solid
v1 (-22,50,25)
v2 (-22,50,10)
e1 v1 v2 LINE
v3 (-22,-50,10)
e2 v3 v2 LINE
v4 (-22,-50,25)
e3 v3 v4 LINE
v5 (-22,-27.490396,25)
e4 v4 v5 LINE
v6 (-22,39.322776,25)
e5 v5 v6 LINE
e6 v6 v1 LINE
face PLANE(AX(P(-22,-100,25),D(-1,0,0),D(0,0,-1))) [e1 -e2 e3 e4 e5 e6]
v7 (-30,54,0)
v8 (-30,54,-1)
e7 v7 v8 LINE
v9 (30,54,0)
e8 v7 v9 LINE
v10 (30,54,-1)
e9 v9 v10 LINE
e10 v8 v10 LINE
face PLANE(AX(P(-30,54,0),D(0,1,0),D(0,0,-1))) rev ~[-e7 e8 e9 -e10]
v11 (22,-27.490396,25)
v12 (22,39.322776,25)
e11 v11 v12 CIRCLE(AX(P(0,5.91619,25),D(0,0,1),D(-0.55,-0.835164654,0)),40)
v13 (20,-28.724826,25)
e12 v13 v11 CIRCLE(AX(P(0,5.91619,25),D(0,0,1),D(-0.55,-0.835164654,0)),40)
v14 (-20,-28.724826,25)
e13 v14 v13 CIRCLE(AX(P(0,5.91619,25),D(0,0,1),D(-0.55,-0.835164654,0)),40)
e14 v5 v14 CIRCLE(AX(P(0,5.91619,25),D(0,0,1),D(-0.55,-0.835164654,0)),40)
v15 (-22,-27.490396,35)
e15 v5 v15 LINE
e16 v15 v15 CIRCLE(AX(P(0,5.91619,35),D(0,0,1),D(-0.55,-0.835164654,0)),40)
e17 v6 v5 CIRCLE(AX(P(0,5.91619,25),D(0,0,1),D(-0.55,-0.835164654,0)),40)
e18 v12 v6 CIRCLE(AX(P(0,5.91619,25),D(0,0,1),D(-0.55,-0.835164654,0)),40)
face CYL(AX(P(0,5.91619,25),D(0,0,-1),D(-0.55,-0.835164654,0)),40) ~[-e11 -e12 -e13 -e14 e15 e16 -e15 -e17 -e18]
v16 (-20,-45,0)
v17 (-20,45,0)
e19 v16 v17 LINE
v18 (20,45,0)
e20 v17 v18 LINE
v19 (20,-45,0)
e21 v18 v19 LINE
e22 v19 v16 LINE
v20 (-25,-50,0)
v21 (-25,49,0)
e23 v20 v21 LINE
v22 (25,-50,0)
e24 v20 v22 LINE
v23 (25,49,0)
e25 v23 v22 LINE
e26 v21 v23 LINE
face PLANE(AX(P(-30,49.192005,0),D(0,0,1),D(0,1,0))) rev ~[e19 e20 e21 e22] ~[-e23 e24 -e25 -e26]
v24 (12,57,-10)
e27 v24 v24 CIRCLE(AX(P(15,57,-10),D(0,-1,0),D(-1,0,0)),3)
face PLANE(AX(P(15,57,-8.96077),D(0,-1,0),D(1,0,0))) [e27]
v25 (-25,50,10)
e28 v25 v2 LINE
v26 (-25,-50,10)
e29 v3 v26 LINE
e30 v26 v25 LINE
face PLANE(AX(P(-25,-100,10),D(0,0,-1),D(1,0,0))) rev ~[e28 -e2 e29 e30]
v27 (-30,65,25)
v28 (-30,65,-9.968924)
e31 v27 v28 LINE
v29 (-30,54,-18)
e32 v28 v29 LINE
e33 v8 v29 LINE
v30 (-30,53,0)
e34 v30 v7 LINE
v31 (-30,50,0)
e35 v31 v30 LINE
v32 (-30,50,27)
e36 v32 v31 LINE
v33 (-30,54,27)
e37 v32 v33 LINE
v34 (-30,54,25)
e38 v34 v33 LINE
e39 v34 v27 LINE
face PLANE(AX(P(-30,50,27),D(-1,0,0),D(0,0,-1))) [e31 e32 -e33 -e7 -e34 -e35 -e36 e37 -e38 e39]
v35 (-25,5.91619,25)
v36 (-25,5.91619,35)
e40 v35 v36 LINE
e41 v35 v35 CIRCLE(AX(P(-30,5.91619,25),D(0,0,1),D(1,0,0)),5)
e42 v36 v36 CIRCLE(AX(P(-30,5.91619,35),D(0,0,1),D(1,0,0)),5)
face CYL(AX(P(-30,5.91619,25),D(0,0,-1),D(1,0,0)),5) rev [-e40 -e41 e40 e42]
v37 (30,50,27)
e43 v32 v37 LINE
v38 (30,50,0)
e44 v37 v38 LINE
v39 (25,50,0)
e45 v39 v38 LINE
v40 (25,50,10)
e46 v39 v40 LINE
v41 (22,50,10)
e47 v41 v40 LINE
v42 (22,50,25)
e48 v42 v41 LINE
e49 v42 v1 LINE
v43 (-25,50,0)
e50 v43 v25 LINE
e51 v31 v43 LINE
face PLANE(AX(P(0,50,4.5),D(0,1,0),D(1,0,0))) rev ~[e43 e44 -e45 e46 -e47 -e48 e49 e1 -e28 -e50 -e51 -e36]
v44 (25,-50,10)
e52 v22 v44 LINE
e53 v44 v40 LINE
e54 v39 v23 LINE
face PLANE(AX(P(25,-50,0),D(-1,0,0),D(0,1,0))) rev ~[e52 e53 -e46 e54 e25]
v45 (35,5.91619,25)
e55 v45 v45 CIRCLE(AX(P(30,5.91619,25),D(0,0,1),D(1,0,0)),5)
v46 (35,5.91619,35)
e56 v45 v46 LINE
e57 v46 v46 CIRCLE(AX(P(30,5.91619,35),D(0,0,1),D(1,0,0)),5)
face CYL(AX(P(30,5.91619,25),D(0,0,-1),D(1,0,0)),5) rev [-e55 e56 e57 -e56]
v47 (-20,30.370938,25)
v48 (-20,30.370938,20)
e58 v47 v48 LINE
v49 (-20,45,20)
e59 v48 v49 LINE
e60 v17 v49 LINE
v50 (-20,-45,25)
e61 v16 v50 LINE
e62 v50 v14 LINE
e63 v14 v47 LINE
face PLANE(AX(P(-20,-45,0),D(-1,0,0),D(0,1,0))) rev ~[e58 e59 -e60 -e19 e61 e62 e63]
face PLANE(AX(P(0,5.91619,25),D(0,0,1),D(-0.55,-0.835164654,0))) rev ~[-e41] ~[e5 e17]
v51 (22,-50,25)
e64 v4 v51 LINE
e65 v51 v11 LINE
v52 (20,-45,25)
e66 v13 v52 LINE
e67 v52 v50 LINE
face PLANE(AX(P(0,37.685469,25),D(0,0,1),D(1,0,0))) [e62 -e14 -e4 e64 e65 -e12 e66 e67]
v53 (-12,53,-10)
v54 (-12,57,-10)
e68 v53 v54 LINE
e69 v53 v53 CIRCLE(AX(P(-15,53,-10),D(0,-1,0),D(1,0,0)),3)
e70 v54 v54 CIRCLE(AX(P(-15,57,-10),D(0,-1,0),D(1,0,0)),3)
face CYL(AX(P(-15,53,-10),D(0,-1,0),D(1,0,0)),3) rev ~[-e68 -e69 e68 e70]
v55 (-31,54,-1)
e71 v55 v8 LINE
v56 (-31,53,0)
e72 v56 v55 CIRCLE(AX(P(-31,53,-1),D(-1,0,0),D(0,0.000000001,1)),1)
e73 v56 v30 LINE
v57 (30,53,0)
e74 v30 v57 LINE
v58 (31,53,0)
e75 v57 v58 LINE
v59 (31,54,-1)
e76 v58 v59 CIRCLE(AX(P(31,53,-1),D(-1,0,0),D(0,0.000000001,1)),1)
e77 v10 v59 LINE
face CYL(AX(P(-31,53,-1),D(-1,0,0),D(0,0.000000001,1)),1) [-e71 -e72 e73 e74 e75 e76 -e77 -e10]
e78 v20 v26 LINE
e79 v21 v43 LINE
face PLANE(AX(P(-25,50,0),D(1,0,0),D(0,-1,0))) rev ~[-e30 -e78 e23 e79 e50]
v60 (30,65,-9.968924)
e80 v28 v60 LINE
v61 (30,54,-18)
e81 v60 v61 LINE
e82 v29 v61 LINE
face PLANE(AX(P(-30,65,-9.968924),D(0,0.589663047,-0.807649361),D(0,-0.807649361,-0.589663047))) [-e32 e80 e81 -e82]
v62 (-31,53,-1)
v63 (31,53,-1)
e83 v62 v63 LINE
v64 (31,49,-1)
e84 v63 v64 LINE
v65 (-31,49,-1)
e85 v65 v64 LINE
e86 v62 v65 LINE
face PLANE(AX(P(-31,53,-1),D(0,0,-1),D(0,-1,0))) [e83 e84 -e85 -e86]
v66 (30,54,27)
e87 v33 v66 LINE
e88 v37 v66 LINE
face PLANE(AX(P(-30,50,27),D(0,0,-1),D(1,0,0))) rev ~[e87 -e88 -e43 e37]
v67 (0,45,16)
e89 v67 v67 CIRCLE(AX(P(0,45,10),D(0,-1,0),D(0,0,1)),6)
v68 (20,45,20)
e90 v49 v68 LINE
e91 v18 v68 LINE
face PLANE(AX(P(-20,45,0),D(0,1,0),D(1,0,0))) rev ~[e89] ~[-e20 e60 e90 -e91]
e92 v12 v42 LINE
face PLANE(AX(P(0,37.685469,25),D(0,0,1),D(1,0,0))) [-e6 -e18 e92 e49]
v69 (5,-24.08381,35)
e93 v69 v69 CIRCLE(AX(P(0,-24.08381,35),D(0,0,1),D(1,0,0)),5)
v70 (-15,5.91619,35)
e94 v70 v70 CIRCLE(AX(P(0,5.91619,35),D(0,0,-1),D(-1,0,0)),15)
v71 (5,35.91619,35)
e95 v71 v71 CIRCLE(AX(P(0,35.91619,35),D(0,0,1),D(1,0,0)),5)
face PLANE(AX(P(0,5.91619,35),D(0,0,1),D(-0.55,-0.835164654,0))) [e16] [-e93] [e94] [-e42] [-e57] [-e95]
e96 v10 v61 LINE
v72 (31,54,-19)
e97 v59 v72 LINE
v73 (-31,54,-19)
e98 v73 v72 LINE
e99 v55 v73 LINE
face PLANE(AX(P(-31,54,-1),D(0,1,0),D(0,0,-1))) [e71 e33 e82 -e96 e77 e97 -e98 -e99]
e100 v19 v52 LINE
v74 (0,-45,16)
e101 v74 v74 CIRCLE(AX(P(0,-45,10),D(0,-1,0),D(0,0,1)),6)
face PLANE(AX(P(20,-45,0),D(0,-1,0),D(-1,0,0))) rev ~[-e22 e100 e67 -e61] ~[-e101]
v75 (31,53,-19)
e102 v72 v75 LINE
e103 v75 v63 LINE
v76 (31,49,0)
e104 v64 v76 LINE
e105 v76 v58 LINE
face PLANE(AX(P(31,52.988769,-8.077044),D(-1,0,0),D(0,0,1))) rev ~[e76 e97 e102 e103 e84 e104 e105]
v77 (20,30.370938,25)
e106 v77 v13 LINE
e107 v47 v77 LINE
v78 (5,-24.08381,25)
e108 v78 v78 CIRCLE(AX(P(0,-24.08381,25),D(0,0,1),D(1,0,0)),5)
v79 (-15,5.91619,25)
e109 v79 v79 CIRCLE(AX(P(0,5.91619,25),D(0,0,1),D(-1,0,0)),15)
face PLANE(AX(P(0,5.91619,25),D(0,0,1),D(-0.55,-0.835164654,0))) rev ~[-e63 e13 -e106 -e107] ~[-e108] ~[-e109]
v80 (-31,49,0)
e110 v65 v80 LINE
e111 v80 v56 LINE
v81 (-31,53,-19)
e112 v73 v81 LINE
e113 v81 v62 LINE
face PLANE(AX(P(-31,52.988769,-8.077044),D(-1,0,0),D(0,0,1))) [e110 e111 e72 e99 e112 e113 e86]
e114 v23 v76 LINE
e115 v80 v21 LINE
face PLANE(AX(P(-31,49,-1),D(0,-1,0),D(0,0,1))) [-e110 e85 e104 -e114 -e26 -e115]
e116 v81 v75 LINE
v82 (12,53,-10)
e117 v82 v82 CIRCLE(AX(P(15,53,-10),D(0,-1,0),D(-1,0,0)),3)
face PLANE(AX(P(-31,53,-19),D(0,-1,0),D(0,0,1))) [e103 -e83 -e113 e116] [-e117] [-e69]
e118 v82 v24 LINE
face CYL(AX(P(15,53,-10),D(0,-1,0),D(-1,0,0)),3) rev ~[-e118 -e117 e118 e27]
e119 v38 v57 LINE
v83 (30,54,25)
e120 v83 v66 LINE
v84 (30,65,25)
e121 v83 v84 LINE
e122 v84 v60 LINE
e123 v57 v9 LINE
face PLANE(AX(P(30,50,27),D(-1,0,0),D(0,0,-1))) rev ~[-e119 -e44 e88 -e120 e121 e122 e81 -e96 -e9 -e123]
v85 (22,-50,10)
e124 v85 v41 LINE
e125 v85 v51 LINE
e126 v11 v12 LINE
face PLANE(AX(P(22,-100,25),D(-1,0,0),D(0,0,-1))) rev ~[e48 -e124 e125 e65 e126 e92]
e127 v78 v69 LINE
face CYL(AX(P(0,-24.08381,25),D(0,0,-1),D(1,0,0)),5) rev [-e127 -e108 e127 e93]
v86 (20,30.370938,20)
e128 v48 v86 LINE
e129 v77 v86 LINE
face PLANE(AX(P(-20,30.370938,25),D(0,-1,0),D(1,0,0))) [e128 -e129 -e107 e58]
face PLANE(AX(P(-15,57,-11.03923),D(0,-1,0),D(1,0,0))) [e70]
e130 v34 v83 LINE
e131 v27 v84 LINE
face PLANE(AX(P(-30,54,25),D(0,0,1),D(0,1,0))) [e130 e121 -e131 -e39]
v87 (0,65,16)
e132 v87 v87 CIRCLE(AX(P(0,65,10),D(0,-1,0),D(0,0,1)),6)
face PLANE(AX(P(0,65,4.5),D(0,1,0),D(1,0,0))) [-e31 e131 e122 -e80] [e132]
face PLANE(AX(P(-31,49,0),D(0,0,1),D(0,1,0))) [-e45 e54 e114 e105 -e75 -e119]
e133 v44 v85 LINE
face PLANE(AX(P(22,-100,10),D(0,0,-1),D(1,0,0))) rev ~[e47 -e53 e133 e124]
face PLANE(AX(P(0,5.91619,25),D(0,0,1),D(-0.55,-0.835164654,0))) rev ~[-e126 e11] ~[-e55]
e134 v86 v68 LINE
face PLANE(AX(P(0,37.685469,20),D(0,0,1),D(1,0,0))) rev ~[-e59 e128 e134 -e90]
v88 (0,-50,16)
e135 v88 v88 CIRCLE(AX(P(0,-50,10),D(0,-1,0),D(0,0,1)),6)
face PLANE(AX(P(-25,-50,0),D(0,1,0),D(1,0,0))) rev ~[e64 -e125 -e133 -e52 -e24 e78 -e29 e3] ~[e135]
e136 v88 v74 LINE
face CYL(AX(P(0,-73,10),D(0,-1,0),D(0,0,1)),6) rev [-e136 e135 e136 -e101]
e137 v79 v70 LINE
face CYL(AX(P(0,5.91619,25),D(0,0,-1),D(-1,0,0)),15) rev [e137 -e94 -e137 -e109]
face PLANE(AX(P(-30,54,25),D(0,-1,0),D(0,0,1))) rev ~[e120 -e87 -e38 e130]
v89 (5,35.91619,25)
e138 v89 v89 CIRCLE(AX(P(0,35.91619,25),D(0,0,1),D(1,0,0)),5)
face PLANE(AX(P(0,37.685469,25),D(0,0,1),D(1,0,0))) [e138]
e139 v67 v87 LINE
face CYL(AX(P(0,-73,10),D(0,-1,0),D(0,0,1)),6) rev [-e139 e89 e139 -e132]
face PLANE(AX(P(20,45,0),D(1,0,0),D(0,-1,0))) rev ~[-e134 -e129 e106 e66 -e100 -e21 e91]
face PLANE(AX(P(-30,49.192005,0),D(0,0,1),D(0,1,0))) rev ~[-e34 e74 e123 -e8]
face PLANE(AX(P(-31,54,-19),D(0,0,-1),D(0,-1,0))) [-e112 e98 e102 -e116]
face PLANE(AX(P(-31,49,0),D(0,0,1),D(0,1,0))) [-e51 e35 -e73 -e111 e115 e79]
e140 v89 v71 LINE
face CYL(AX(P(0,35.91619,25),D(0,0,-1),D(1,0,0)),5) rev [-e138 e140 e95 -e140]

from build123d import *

# Parameters (mm, degrees)
SKETCH_1_W               = 50
SKETCH_1_H               = 100
SKETCH_1_W_2             = 40
SKETCH_1_H_2             = 90
EXTRUDE_1_DEPTH          = 25
CUT_EXTRUDE_1_DEPTH      = 100
CUT_EXTRUDE_1_DEPTH_BACK = 100
SKETCH_2_W               = 3
SKETCH_2_H               = 15
EXTRUDE_2_DEPTH          = 15
SKETCH_7_W               = 2
SKETCH_7_H               = 11
CUT_EXTRUDE_2_DEPTH      = 103
CUT_EXTRUDE_3_DEPTH      = 103
CUT_EXTRUDE_4_DEPTH      = 103
EXTRUDE_4_DEPTH          = 62
CUT_EXTRUDE_5_DEPTH      = 30
CUT_EXTRUDE_5_DEPTH_BACK = 123
SKETCH_15_R              = 6
SKETCH_16_R              = 3
CUT_EXTRUDE_6_DEPTH      = 4
SKETCH_18_W              = 40
SKETCH_18_H              = 14.629062191
EXTRUDE_5_DEPTH          = 5
SKETCH_19_R              = 40
SKETCH_19_R_2            = 5
EXTRUDE_7_DEPTH          = 10
SKETCH_19_8_R            = 15
CUT_EXTRUDE_8_DEPTH      = 25


with BuildPart() as part:
    # 草图1 → 凸台-拉伸1 (new body)
    with BuildSketch(Plane.XY):
        Rectangle(SKETCH_1_W, SKETCH_1_H)
        Rectangle(SKETCH_1_W_2, SKETCH_1_H_2, mode=Mode.SUBTRACT)
    extrude(amount=EXTRUDE_1_DEPTH)

    # 草图2 → 切除-拉伸1 (cut, two sides: drawn at the far end of the back side and taken through both)
    with BuildSketch(Plane(origin=(0, 0, 0), x_dir=(1, 0, 0), z_dir=(0, 1, 0)).offset(-CUT_EXTRUDE_1_DEPTH_BACK)):
        with Locations((23.5, -17.5)):
            Rectangle(SKETCH_2_W, SKETCH_2_H)
        with Locations((-23.5, -17.5)):
            Rectangle(SKETCH_2_W, SKETCH_2_H)
    extrude(amount=CUT_EXTRUDE_1_DEPTH + CUT_EXTRUDE_1_DEPTH_BACK, mode=Mode.SUBTRACT)

    # 草图5 → 凸台-拉伸2 (add)
    with BuildSketch(Plane(origin=(0, 50, 0), x_dir=(1, 0, 0), z_dir=(0, 1, 0))):
        Polygon((30, 18), (-20.718865569, 18), (-30, 18), (-30, -27), (30, -27), align=None)
    extrude(amount=EXTRUDE_2_DEPTH)

    # 草图7 → 切除-拉伸2 (cut)
    with BuildSketch(Plane.ZY.offset(30)):
        with Locations((26, 59.5)):
            Rectangle(SKETCH_7_W, SKETCH_7_H)
    extrude(amount=-CUT_EXTRUDE_2_DEPTH, mode=Mode.SUBTRACT)

    # 草图12 → 切除-拉伸3 (cut)
    with BuildSketch(Plane.ZY.offset(30)):
        Polygon((-9.968923852, 65), (-18, 65), (-18, 54), align=None)
    extrude(amount=-CUT_EXTRUDE_3_DEPTH, mode=Mode.SUBTRACT)

    # 草图13 → 切除-拉伸4 (cut)
    with BuildSketch(Plane.ZY.offset(30)):
        Polygon((0, 50), (0, 54), (-18, 54), (-18, 49.192005068), (0, 49.192005068), align=None)
    extrude(amount=-CUT_EXTRUDE_4_DEPTH, mode=Mode.SUBTRACT)

    # 草图14 → 凸台-拉伸4 (add)
    with BuildSketch(Plane.ZY.offset(31)):
        with BuildLine():
            Line((-1, 49), (0, 49))
            Line((0, 49), (0, 53))
            ThreePointArc((0, 53), (-0.292893219, 53.707106781), (-1, 54))
            Line((-1, 54), (-19, 54))
            Line((-19, 54), (-19, 53))
            Line((-19, 53), (-1, 53))
            Line((-1, 53), (-1, 49))
        make_face()
    extrude(amount=-EXTRUDE_4_DEPTH)

    # 草图15 → 切除-拉伸5 (cut, two sides: drawn at the far end of the back side and taken through both)
    with BuildSketch(Plane(origin=(0, 50, 0), x_dir=(1, 0, 0), z_dir=(0, 1, 0)).offset(-CUT_EXTRUDE_5_DEPTH_BACK)):
        with Locations((0, -10)):
            Circle(SKETCH_15_R)
    extrude(amount=CUT_EXTRUDE_5_DEPTH + CUT_EXTRUDE_5_DEPTH_BACK, mode=Mode.SUBTRACT)

    # 草图16 → 切除-拉伸6 (cut)
    with BuildSketch(Plane.XZ.offset(-53)):
        with Locations((15, -10)):
            Circle(SKETCH_16_R)
        with Locations((-15, -10)):
            Circle(SKETCH_16_R)
    extrude(amount=-CUT_EXTRUDE_6_DEPTH, mode=Mode.SUBTRACT)

    # 草图18 → 凸台-拉伸5 (add)
    with BuildSketch(Plane.XY.offset(25)):
        with Locations((0, 37.685468904)):
            Rectangle(SKETCH_18_W, SKETCH_18_H)
    extrude(amount=-EXTRUDE_5_DEPTH)

    # 草图19 → 凸台-拉伸7 (add)
    with BuildSketch(Plane.XY.offset(25)):
        with Locations((0, 5.916189744)):
            Circle(SKETCH_19_R)
        with BuildLine():
            ThreePointArc((0, 40.916189744), (5, 35.916189744), (0, 30.916189744))
            ThreePointArc((0, 30.916189744), (-5, 35.916189744), (0, 40.916189744))
        make_face(mode=Mode.SUBTRACT)
        with Locations((-30, 5.916189744)):
            Circle(SKETCH_19_R_2, mode=Mode.SUBTRACT)
        with Locations((0, -24.083810256)):
            Circle(SKETCH_19_R_2, mode=Mode.SUBTRACT)
        with Locations((30, 5.916189744)):
            Circle(SKETCH_19_R_2, mode=Mode.SUBTRACT)
    extrude(amount=EXTRUDE_7_DEPTH)

    # 草图19<8> → 切除-拉伸8 (cut)
    with BuildSketch(Plane.XY.offset(25)):
        with Locations((0, 5.916189744)):
            Circle(SKETCH_19_8_R)
    extrude(amount=CUT_EXTRUDE_8_DEPTH, mode=Mode.SUBTRACT)


solid = part.part
